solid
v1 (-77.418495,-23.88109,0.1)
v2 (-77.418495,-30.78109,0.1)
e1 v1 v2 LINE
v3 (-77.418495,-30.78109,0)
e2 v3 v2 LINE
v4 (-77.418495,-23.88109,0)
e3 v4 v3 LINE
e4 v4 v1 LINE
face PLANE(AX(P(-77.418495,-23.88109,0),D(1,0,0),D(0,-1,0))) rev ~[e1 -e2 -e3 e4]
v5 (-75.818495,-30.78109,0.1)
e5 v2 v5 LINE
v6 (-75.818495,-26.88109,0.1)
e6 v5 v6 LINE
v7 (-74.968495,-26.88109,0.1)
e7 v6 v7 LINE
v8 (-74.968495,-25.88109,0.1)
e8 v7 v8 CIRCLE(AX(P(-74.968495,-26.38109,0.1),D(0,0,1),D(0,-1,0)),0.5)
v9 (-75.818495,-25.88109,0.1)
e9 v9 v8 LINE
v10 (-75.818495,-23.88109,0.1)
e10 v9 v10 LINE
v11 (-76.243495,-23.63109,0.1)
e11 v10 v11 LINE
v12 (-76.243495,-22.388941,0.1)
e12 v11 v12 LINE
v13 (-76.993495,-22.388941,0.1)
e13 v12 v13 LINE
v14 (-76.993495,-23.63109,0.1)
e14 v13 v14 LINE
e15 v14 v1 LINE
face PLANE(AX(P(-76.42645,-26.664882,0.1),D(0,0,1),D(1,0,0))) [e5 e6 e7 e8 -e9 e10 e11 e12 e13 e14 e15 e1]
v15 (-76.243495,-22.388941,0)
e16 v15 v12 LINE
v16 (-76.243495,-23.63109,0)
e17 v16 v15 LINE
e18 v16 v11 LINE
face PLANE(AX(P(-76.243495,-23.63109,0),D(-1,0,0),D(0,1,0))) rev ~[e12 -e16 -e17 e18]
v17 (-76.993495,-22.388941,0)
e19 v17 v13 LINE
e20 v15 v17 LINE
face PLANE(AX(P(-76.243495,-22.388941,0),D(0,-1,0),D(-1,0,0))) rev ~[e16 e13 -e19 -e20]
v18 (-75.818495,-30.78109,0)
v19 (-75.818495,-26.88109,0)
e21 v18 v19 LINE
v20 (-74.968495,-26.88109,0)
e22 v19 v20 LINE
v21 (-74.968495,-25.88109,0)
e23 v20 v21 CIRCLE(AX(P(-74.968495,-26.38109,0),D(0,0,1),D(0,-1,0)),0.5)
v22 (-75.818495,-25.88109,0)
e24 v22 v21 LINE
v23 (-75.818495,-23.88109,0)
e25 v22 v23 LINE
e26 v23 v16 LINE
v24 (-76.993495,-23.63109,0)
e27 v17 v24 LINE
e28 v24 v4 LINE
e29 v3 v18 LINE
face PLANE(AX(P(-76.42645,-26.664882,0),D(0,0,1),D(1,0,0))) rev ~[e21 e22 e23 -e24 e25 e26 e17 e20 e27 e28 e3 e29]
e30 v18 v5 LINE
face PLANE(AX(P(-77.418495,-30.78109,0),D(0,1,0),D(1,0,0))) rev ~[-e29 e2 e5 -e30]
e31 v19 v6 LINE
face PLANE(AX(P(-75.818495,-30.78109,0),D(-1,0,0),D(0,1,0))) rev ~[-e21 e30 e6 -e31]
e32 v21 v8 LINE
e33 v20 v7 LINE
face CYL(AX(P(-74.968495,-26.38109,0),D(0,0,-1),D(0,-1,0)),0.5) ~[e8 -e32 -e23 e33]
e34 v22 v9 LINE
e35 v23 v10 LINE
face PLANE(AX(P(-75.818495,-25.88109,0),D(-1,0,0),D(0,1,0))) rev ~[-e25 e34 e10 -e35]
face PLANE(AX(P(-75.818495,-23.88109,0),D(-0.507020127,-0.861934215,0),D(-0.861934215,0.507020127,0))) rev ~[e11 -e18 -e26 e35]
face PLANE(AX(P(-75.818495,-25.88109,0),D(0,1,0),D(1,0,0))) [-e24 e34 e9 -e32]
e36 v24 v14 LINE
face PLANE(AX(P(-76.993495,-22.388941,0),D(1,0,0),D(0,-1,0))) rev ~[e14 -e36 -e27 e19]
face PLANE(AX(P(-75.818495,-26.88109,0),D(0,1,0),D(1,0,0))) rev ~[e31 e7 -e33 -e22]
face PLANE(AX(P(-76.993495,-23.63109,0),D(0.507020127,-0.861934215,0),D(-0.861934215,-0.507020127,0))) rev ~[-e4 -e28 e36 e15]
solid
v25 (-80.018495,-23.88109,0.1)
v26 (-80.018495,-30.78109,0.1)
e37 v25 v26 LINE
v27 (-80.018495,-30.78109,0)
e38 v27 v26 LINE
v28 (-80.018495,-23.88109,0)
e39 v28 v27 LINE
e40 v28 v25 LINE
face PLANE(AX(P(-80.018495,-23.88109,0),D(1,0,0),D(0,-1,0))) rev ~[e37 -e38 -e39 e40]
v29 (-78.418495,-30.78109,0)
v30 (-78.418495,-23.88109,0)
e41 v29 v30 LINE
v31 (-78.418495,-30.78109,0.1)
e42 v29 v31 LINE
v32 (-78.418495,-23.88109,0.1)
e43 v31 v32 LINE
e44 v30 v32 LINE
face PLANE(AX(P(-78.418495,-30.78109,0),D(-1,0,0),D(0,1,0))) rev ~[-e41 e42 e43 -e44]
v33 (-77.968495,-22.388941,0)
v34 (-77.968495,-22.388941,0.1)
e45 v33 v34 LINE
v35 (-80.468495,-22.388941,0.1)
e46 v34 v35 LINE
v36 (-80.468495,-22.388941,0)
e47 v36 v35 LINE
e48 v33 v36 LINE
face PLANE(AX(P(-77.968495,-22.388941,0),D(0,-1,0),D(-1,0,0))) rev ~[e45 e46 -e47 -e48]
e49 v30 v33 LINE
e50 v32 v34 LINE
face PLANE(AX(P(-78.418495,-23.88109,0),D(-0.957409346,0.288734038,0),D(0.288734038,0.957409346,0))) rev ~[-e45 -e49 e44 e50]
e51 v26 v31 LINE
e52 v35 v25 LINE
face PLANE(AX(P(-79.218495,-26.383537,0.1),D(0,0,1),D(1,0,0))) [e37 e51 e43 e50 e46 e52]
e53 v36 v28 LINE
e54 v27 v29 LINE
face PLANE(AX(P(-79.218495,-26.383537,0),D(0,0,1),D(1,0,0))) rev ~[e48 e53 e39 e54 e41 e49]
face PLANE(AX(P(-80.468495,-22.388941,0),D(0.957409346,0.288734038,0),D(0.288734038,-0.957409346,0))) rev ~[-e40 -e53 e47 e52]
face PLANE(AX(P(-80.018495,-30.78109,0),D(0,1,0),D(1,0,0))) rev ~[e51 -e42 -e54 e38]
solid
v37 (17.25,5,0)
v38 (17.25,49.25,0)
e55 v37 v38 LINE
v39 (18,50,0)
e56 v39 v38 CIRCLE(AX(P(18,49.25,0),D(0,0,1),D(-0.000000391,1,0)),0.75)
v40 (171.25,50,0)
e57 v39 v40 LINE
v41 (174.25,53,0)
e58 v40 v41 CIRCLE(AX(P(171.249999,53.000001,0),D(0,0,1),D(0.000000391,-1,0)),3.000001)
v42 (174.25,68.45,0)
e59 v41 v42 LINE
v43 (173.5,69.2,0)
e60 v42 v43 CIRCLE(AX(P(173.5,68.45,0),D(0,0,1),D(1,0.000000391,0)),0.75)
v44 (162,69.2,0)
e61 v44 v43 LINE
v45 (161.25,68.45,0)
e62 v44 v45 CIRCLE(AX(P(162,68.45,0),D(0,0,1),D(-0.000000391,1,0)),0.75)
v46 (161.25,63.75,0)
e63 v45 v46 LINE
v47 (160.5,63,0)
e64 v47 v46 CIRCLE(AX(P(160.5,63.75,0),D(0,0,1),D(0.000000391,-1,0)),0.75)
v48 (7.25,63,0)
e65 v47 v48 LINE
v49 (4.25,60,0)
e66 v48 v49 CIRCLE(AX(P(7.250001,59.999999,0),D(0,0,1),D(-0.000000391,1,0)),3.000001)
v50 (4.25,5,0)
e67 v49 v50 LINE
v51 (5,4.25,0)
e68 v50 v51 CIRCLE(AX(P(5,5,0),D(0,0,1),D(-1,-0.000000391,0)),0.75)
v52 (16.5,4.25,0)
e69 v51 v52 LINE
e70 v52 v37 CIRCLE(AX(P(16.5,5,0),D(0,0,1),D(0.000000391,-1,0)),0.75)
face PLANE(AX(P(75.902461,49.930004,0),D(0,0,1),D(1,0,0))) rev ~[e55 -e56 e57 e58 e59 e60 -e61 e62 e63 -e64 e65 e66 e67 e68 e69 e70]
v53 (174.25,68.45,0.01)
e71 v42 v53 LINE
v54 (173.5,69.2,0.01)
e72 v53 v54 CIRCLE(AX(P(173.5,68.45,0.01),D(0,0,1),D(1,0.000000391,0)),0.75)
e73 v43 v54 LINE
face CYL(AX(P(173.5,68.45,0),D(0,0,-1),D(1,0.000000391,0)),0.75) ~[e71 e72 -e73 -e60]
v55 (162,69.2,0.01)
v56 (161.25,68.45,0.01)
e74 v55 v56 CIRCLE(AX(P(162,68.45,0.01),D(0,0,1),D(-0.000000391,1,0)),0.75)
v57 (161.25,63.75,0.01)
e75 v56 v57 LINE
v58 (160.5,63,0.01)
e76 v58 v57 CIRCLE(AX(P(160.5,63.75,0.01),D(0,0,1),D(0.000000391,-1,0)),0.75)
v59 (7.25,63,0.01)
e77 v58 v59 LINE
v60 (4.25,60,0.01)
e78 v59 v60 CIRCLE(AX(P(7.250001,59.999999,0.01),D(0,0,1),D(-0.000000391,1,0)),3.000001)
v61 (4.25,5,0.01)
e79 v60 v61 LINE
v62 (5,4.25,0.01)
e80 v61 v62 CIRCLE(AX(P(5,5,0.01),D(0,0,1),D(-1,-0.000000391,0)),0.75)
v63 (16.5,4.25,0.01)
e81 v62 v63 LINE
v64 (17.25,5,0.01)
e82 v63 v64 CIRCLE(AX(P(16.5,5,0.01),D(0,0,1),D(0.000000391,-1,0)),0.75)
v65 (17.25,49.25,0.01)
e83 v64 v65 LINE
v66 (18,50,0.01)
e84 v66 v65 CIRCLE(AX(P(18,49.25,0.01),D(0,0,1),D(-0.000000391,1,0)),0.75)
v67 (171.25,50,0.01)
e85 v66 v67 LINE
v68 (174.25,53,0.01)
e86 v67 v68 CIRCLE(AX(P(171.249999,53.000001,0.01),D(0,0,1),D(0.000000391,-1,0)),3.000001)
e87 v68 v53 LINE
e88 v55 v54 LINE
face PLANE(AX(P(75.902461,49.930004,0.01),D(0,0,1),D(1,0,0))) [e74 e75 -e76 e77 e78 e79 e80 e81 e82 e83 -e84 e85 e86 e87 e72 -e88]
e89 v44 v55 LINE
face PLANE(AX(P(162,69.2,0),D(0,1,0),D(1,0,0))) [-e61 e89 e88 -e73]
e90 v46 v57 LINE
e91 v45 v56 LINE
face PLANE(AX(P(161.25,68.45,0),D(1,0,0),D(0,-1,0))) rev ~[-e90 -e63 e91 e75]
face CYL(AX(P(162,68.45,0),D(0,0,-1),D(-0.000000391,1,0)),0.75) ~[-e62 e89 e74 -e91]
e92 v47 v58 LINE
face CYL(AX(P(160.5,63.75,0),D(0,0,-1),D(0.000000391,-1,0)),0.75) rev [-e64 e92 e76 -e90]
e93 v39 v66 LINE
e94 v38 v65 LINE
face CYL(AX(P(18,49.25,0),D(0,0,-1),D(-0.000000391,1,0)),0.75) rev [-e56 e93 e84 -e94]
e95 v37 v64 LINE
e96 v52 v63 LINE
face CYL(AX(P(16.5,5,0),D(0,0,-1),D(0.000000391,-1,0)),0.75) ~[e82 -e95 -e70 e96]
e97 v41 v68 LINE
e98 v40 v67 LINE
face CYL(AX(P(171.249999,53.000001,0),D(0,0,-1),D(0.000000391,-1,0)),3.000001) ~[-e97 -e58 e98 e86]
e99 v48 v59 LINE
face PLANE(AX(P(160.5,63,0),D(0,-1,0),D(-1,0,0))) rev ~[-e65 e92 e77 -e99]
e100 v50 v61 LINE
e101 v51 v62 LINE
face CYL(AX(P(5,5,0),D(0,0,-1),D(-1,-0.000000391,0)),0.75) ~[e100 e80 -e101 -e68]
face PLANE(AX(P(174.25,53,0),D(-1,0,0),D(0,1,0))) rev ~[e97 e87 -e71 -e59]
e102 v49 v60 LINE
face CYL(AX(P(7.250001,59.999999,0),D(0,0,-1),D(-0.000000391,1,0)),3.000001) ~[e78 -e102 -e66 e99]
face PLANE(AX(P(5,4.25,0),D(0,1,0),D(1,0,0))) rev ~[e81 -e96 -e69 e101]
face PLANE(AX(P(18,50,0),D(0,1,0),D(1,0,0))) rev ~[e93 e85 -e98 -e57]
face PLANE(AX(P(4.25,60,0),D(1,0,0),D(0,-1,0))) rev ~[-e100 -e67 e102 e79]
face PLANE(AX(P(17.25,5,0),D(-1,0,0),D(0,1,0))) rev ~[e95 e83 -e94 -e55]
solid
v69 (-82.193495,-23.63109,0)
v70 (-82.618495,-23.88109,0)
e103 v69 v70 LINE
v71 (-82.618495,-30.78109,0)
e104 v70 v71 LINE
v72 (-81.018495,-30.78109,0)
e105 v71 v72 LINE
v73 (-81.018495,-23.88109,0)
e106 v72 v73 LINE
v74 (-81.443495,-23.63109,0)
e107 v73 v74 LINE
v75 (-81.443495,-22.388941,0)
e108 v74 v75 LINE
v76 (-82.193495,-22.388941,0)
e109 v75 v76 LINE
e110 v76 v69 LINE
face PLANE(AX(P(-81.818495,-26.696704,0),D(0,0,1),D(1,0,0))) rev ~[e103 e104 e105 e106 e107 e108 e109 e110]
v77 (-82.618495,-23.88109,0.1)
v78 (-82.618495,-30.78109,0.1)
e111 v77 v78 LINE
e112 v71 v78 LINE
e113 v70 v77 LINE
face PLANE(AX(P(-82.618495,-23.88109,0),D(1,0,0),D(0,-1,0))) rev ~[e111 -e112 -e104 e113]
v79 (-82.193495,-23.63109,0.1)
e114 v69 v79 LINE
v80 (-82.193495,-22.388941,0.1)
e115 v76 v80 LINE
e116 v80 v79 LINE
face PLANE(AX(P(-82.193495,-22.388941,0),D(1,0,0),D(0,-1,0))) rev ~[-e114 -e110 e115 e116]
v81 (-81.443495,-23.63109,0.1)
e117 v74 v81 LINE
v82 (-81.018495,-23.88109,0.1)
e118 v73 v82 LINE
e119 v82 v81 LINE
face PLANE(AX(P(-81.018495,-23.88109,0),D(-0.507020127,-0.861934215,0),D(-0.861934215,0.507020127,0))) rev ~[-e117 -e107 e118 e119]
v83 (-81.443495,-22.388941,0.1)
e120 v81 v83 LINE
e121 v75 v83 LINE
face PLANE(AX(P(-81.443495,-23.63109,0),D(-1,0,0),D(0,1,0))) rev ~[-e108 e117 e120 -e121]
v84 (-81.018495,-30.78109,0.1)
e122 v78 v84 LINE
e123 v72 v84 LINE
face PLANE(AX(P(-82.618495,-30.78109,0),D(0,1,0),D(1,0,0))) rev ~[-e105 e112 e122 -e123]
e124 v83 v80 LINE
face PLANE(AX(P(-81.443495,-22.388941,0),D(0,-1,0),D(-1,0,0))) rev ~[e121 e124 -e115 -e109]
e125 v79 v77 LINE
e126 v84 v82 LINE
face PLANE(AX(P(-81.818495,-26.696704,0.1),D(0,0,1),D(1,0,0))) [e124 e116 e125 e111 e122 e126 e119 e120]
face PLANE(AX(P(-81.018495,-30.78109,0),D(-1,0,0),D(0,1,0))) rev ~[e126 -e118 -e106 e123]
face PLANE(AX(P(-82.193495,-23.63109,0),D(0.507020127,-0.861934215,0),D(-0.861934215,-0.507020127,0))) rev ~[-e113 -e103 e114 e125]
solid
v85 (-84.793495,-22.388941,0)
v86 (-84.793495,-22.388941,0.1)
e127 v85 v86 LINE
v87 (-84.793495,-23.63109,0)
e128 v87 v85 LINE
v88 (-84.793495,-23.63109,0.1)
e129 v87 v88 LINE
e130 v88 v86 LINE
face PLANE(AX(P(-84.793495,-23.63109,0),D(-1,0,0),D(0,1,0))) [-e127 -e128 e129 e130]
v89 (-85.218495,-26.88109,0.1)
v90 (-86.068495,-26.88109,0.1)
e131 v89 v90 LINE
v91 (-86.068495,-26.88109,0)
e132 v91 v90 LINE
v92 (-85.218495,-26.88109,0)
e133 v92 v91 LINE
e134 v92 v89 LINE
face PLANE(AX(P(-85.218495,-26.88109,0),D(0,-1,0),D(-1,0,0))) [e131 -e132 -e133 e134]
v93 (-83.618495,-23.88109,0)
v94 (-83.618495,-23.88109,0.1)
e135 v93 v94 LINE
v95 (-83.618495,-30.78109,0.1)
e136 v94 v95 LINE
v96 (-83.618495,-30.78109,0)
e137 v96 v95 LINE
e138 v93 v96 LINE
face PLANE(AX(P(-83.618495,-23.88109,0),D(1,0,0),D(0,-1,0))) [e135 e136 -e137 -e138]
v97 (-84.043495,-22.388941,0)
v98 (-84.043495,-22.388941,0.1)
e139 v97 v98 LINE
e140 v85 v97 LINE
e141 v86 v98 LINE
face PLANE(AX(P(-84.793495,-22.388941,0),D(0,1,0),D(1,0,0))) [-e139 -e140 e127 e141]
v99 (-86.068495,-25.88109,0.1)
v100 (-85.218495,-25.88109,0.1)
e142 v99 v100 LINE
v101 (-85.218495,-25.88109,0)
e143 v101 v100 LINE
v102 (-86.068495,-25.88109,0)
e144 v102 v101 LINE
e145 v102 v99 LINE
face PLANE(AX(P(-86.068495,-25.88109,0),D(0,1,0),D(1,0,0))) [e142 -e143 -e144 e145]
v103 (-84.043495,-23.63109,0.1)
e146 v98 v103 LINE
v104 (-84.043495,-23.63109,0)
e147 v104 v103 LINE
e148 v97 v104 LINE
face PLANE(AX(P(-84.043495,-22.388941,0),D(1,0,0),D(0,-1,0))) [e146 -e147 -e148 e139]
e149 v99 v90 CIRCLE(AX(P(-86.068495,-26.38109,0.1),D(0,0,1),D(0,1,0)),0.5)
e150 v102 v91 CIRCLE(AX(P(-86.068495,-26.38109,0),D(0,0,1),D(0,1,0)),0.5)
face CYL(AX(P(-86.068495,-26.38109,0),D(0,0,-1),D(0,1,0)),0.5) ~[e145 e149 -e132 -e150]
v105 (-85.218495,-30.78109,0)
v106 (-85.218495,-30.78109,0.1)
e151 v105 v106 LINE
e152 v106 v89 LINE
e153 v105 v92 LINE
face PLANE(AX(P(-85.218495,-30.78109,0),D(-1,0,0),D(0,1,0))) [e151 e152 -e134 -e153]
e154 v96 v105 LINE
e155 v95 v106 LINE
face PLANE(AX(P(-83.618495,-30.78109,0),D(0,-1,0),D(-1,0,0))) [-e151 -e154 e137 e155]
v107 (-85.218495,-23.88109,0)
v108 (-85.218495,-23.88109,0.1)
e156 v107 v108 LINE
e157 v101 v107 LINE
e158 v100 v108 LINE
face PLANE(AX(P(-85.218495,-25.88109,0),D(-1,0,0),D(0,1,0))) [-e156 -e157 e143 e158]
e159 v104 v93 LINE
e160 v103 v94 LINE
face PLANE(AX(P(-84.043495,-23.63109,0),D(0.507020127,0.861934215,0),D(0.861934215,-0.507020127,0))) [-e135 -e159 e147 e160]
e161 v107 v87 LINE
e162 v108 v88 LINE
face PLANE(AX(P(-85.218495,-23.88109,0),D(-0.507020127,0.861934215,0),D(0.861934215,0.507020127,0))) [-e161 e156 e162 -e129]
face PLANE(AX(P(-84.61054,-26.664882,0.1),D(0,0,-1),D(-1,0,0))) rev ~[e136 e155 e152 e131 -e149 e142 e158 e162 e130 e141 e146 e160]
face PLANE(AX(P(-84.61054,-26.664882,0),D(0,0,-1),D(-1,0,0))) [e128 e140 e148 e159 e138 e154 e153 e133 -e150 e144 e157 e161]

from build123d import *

# Parameters (mm, degrees)
PAD_DEPTH     = 0.01
EXTRUDE_DEPTH = 0.1


with BuildPart() as body:
    # Sketch → Pad (new body)
    with BuildSketch(Plane.XY):
        with BuildLine():
            Line((17.25, 5), (17.25, 49.25))
            ThreePointArc((18, 50), (17.46967, 49.78033), (17.25, 49.25))
            Line((18, 50), (171.25, 50))
            ThreePointArc((171.25, 50), (173.37132, 50.87868), (174.25, 53))
            Line((174.25, 53), (174.25, 68.45))
            ThreePointArc((174.25, 68.45), (174.03033, 68.98033), (173.5, 69.2))
            Line((162, 69.2), (173.5, 69.2))
            ThreePointArc((162, 69.2), (161.46967, 68.98033), (161.25, 68.45))
            Line((161.25, 68.45), (161.25, 63.75))
            ThreePointArc((160.5, 63), (161.03033, 63.21967), (161.25, 63.75))
            Line((160.5, 63), (7.25, 63))
            ThreePointArc((7.25, 63), (5.12868, 62.12132), (4.25, 60))
            Line((4.25, 60), (4.25, 5))
            ThreePointArc((4.25, 5), (4.46967, 4.46967), (5, 4.25))
            Line((5, 4.25), (16.5, 4.25))
            ThreePointArc((16.5, 4.25), (17.03033, 4.46967), (17.25, 5))
        make_face()
    extrude(amount=PAD_DEPTH)


with BuildPart() as extrude_body:
    # Sketch001 → Extrude (new body)
    with BuildSketch(Plane.XY):
        with BuildLine():
            Line((-85.218495, -23.88109), (-84.793495, -23.63109))
            Line((-84.793495, -23.63109), (-84.793495, -22.388941))
            Line((-84.793495, -22.388941), (-84.043495, -22.388941))
            Line((-84.043495, -22.388941), (-84.043495, -23.63109))
            Line((-84.043495, -23.63109), (-83.618495, -23.88109))
            Line((-83.618495, -23.88109), (-83.618495, -30.78109))
            Line((-83.618495, -30.78109), (-85.218495, -30.78109))
            Line((-85.218495, -30.78109), (-85.218495, -26.88109))
            Line((-85.218495, -26.88109), (-86.068495, -26.88109))
            ThreePointArc((-86.068495, -25.88109), (-86.568495, -26.38109), (-86.068495, -26.88109))
            Line((-86.068495, -25.88109), (-85.218495, -25.88109))
            Line((-85.218495, -25.88109), (-85.218495, -23.88109))
        make_face()
        with BuildLine():
            Line((-77.418495, -23.88109), (-77.418495, -30.78109))
            Line((-77.418495, -30.78109), (-75.818495, -30.78109))
            Line((-75.818495, -30.78109), (-75.818495, -26.88109))
            Line((-75.818495, -26.88109), (-74.968495, -26.88109))
            ThreePointArc((-74.968495, -26.88109), (-74.468495, -26.38109), (-74.968495, -25.88109))
            Line((-75.818495, -25.88109), (-74.968495, -25.88109))
            Line((-75.818495, -25.88109), (-75.818495, -23.88109))
            Line((-75.818495, -23.88109), (-76.243495, -23.63109))
            Line((-76.243495, -23.63109), (-76.243495, -22.388941))
            Line((-76.243495, -22.388941), (-76.993495, -22.388941))
            Line((-76.993495, -22.388941), (-76.993495, -23.63109))
            Line((-76.993495, -23.63109), (-77.418495, -23.88109))
        make_face()
        Polygon((-82.618495, -30.78109), (-81.018495, -30.78109), (-81.018495, -23.88109), (-81.443495, -23.63109), (-81.443495, -22.388941), (-82.193495, -22.388941), (-82.193495, -23.63109), (-82.618495, -23.88109), align=None)
        Polygon((-78.418495, -30.78109), (-78.418495, -23.88109), (-77.968495, -22.388941), (-80.468495, -22.388941), (-80.018495, -23.88109), (-80.018495, -30.78109), align=None)
    extrude(amount=EXTRUDE_DEPTH)


solid = Compound([body.part, extrude_body.part])
